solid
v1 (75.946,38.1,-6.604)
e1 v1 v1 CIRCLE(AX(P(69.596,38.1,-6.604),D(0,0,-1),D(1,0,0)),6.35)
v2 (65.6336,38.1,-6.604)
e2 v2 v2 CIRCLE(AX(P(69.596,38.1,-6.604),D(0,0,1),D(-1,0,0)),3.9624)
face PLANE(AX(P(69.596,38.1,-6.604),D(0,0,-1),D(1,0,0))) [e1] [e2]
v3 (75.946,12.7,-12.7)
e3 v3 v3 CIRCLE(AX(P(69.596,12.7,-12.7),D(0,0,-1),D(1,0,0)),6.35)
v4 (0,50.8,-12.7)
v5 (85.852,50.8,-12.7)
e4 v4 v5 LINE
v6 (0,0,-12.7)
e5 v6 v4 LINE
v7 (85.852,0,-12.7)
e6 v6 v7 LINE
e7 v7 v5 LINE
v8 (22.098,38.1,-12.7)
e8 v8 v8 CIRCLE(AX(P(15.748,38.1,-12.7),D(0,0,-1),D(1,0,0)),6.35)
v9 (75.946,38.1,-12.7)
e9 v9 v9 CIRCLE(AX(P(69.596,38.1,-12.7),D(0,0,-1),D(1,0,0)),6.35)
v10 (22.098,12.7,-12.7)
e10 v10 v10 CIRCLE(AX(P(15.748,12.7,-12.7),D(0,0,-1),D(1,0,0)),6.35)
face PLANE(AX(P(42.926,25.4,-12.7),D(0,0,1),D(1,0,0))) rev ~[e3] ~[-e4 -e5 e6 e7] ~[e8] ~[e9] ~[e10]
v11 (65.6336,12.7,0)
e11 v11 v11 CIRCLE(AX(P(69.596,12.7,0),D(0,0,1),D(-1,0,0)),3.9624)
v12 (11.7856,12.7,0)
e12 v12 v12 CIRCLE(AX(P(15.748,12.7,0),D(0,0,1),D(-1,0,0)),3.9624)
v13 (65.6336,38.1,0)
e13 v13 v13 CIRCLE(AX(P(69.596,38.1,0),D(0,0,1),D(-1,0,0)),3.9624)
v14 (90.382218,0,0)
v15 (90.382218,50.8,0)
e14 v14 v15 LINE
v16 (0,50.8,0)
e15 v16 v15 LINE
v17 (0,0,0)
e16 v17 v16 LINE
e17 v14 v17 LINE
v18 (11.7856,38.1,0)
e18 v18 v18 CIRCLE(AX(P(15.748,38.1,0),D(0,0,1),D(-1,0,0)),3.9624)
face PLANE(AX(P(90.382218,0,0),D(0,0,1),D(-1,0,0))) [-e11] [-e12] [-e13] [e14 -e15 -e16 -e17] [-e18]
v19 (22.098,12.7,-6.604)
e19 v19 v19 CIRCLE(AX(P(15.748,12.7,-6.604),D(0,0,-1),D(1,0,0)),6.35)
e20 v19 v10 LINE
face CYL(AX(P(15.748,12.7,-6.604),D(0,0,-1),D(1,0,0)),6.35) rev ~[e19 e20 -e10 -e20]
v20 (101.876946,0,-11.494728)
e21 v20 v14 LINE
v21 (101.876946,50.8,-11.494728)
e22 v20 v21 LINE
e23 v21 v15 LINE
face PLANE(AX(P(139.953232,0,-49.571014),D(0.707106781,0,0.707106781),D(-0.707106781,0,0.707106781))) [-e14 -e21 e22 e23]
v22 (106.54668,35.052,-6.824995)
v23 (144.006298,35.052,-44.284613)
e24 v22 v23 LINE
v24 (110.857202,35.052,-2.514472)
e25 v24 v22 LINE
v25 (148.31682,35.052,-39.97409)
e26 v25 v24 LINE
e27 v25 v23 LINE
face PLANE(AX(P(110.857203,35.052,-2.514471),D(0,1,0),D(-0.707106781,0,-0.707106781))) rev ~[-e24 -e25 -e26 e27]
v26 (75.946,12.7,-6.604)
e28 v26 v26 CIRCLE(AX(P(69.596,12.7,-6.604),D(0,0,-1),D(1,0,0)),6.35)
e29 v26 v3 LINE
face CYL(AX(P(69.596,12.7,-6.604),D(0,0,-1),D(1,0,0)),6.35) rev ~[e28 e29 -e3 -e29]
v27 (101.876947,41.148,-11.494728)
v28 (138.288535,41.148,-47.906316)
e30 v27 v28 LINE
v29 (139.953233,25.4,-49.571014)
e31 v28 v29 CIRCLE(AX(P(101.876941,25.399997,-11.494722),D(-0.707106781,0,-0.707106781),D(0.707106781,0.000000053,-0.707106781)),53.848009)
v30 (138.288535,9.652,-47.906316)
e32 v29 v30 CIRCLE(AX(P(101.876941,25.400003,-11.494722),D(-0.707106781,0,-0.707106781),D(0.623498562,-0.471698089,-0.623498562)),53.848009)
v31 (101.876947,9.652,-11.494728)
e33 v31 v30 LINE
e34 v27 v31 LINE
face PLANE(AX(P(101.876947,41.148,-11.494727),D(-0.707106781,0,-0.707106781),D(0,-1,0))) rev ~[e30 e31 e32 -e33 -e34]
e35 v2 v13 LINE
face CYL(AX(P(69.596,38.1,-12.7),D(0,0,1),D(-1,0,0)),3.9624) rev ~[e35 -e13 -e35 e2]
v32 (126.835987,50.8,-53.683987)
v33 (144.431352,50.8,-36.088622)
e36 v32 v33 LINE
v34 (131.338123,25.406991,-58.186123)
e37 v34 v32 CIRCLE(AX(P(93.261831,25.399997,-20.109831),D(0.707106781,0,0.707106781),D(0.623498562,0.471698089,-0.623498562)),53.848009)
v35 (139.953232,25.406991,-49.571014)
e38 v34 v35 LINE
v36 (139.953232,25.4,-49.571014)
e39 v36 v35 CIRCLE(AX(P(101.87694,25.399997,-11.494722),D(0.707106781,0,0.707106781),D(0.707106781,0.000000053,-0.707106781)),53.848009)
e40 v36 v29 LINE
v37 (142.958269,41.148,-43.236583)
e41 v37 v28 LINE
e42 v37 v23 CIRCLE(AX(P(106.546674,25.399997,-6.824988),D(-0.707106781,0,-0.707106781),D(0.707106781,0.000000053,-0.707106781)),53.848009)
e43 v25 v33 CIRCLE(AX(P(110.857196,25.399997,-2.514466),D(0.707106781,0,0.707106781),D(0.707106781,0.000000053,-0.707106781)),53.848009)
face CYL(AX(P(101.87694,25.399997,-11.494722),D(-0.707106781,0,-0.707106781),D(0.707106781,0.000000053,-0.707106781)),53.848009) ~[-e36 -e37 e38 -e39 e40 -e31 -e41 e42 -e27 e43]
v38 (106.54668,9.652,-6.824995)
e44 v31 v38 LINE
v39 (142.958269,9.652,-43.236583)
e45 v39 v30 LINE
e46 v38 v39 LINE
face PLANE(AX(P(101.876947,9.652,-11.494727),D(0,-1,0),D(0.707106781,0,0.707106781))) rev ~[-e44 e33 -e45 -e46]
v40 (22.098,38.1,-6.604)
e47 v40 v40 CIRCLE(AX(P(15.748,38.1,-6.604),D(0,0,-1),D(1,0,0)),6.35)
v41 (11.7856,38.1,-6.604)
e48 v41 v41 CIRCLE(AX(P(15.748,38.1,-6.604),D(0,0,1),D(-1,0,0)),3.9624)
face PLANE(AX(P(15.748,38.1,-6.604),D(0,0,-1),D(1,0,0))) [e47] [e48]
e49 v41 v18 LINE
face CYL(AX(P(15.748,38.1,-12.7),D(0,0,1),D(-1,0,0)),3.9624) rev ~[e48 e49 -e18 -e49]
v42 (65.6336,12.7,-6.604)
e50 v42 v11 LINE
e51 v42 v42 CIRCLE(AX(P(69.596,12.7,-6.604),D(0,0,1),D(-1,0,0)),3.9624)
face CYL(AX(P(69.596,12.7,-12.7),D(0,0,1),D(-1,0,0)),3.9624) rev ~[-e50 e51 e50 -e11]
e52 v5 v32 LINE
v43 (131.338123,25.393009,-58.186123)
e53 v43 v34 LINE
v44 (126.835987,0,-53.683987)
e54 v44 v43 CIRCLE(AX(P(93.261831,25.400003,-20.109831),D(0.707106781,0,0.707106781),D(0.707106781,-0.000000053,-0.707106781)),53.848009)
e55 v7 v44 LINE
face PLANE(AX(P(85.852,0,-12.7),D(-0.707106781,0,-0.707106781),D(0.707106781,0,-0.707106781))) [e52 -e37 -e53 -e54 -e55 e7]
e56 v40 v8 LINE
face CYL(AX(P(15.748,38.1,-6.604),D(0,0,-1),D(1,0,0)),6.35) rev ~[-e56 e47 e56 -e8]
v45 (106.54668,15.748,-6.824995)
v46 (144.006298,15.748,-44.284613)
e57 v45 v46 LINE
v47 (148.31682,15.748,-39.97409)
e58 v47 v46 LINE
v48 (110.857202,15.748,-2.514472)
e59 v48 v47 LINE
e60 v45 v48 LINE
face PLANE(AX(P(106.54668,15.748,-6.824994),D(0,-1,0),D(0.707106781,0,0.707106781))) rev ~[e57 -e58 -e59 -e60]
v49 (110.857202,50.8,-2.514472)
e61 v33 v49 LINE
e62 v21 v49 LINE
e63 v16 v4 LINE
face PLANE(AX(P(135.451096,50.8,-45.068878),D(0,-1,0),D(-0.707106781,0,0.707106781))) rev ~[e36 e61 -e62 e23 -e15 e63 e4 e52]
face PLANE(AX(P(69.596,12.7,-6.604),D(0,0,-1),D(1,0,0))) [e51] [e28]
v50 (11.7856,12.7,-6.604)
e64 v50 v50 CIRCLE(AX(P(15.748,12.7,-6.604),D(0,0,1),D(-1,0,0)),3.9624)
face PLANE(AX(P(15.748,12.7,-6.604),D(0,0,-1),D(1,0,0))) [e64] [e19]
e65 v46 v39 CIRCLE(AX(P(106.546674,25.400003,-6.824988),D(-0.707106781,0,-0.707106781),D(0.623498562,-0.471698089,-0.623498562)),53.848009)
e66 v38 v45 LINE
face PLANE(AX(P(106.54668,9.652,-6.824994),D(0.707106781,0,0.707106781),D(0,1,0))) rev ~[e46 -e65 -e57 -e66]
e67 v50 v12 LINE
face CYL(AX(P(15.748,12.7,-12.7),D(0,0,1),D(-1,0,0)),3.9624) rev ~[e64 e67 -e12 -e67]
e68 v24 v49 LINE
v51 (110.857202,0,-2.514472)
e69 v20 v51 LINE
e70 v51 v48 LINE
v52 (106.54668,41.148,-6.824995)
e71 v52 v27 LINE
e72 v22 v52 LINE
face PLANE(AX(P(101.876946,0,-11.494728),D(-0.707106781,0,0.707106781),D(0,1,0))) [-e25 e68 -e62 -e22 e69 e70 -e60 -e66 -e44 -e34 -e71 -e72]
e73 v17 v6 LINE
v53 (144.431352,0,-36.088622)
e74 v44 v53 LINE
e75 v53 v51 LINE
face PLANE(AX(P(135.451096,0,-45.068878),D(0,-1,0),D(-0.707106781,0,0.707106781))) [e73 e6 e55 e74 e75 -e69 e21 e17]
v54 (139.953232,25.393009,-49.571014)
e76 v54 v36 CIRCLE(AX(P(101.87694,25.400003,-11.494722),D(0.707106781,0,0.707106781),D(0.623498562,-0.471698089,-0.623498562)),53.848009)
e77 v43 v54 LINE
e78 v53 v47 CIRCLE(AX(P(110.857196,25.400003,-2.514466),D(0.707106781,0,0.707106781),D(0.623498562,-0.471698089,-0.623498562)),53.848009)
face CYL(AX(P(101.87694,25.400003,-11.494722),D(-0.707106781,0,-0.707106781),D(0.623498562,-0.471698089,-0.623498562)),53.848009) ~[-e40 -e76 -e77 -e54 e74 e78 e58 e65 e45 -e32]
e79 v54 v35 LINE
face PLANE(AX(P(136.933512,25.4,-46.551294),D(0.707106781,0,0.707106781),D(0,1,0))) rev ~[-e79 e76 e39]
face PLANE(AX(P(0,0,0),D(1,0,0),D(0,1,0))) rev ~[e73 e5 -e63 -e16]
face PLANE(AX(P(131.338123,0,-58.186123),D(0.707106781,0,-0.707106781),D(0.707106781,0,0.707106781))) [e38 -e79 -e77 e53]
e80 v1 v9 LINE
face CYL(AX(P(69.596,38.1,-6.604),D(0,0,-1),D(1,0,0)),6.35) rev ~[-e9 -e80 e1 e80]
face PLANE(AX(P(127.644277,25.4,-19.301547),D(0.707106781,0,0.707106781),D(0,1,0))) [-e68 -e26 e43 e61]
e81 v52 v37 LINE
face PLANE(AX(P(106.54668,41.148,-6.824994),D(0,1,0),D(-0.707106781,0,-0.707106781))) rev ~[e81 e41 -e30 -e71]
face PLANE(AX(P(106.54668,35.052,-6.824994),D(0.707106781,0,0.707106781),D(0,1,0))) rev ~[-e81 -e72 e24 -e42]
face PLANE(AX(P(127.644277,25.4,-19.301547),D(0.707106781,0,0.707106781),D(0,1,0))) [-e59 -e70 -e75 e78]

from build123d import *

# Parameters (mm, degrees)
F0_W           = 85.852
F0_H           = 50.8
F1_DEPTH       = 12.7
F3_D           = 7.9248
F3_CBORE_D     = 12.7
F3_CBORE_DEPTH = 6.096
F5_DEPTH       = 50.8
F7_DEPTH       = 25.4
F9_DEPTH       = 12.7
F10_W          = 50.8
F10_H          = 47.481018
F11_DEPTH      = 12.7
F13_DEPTH      = 66.290802


with BuildPart() as f1:
    # F0 (on Top) → F1 (new body)
    with BuildSketch(Plane.XY):
        with Locations((42.926, 25.4)):
            Rectangle(F0_W, F0_H)
    extrude(amount=-F1_DEPTH)

    # F3 (through all)
    with Locations(Plane(origin=(0, 0, -12.7), x_dir=(1, 0, 0), z_dir=(0, 0, -1))):
        with Locations((69.596, -12.7), (15.748, -12.7), (15.748, -38.1), (69.596, -38.1)):
            CounterBoreHole(F3_D / 2, F3_CBORE_D / 2, F3_CBORE_DEPTH)

    # F4 (on Front) → F5 (join)
    with BuildSketch(Plane.XZ):
        Polygon((85.852, 0), (85.852, -12.7), (131.338123, -58.186123), (139.953232, -49.571014), (90.382218, 0), align=None)
    extrude(amount=-F5_DEPTH)

    # F6 (on face) → F7 (cut)
    with BuildSketch(Plane(origin=(45.191109, 0, 45.191109), x_dir=(0, 1, 0), z_dir=(0.707107, 0, 0.707107))):
        with BuildLine():
            ThreePointArc((50.8, -127.646898), (38.492922, -132.397886), (25.4, -134.01388))
            Line((25.4, -134.01388), (50.8, -134.01388))
            Line((50.8, -134.01388), (50.8, -127.646898))
        make_face()
        with BuildLine():
            Line((0, -134.01388), (25.4, -134.01388))
            ThreePointArc((25.4, -134.01388), (12.307078, -132.397886), (0, -127.646898))
            Line((0, -127.646898), (0, -134.01388))
        make_face()
    extrude(amount=-F7_DEPTH, mode=Mode.SUBTRACT)

    # F8 (on face) → F9 (join)
    with BuildSketch(Plane(origin=(45.191109, 0, 45.191109), x_dir=(0, 1, 0), z_dir=(0.707107, 0, 0.707107))):
        with BuildLine():
            Line((50.8, -127.646898), (0, -127.646898))
            ThreePointArc((0, -127.646898), (12.307078, -132.397886), (25.4, -134.01388))
            ThreePointArc((25.4, -134.01388), (38.492922, -132.397886), (50.8, -127.646898))
        make_face()
    extrude(amount=F9_DEPTH)

    # F10 (on face) → F11 (join)
    with BuildSketch(Plane(origin=(45.191109, 0, 45.191109), x_dir=(0, 1, 0), z_dir=(0.707107, 0, 0.707107))):
        with Locations((25.4, -103.906389)):
            Rectangle(F10_W, F10_H)
    extrude(amount=F11_DEPTH)

    # F12 (on face) → F13 (cut, through all)
    with BuildSketch(Plane(origin=(56.685837, 0, -56.685837), x_dir=(0.707107, 0, 0.707107), z_dir=(-0.707107, 0, 0.707107))):
        Polygon((76.60988, 15.748), (76.60988, 35.052), (70.51388, 35.052), (70.51388, 41.148), (63.90988, 41.148), (63.90988, 9.652), (70.51388, 9.652), (70.51388, 15.748), align=None)
    extrude(amount=-F13_DEPTH, mode=Mode.SUBTRACT)


solid = f1.part
